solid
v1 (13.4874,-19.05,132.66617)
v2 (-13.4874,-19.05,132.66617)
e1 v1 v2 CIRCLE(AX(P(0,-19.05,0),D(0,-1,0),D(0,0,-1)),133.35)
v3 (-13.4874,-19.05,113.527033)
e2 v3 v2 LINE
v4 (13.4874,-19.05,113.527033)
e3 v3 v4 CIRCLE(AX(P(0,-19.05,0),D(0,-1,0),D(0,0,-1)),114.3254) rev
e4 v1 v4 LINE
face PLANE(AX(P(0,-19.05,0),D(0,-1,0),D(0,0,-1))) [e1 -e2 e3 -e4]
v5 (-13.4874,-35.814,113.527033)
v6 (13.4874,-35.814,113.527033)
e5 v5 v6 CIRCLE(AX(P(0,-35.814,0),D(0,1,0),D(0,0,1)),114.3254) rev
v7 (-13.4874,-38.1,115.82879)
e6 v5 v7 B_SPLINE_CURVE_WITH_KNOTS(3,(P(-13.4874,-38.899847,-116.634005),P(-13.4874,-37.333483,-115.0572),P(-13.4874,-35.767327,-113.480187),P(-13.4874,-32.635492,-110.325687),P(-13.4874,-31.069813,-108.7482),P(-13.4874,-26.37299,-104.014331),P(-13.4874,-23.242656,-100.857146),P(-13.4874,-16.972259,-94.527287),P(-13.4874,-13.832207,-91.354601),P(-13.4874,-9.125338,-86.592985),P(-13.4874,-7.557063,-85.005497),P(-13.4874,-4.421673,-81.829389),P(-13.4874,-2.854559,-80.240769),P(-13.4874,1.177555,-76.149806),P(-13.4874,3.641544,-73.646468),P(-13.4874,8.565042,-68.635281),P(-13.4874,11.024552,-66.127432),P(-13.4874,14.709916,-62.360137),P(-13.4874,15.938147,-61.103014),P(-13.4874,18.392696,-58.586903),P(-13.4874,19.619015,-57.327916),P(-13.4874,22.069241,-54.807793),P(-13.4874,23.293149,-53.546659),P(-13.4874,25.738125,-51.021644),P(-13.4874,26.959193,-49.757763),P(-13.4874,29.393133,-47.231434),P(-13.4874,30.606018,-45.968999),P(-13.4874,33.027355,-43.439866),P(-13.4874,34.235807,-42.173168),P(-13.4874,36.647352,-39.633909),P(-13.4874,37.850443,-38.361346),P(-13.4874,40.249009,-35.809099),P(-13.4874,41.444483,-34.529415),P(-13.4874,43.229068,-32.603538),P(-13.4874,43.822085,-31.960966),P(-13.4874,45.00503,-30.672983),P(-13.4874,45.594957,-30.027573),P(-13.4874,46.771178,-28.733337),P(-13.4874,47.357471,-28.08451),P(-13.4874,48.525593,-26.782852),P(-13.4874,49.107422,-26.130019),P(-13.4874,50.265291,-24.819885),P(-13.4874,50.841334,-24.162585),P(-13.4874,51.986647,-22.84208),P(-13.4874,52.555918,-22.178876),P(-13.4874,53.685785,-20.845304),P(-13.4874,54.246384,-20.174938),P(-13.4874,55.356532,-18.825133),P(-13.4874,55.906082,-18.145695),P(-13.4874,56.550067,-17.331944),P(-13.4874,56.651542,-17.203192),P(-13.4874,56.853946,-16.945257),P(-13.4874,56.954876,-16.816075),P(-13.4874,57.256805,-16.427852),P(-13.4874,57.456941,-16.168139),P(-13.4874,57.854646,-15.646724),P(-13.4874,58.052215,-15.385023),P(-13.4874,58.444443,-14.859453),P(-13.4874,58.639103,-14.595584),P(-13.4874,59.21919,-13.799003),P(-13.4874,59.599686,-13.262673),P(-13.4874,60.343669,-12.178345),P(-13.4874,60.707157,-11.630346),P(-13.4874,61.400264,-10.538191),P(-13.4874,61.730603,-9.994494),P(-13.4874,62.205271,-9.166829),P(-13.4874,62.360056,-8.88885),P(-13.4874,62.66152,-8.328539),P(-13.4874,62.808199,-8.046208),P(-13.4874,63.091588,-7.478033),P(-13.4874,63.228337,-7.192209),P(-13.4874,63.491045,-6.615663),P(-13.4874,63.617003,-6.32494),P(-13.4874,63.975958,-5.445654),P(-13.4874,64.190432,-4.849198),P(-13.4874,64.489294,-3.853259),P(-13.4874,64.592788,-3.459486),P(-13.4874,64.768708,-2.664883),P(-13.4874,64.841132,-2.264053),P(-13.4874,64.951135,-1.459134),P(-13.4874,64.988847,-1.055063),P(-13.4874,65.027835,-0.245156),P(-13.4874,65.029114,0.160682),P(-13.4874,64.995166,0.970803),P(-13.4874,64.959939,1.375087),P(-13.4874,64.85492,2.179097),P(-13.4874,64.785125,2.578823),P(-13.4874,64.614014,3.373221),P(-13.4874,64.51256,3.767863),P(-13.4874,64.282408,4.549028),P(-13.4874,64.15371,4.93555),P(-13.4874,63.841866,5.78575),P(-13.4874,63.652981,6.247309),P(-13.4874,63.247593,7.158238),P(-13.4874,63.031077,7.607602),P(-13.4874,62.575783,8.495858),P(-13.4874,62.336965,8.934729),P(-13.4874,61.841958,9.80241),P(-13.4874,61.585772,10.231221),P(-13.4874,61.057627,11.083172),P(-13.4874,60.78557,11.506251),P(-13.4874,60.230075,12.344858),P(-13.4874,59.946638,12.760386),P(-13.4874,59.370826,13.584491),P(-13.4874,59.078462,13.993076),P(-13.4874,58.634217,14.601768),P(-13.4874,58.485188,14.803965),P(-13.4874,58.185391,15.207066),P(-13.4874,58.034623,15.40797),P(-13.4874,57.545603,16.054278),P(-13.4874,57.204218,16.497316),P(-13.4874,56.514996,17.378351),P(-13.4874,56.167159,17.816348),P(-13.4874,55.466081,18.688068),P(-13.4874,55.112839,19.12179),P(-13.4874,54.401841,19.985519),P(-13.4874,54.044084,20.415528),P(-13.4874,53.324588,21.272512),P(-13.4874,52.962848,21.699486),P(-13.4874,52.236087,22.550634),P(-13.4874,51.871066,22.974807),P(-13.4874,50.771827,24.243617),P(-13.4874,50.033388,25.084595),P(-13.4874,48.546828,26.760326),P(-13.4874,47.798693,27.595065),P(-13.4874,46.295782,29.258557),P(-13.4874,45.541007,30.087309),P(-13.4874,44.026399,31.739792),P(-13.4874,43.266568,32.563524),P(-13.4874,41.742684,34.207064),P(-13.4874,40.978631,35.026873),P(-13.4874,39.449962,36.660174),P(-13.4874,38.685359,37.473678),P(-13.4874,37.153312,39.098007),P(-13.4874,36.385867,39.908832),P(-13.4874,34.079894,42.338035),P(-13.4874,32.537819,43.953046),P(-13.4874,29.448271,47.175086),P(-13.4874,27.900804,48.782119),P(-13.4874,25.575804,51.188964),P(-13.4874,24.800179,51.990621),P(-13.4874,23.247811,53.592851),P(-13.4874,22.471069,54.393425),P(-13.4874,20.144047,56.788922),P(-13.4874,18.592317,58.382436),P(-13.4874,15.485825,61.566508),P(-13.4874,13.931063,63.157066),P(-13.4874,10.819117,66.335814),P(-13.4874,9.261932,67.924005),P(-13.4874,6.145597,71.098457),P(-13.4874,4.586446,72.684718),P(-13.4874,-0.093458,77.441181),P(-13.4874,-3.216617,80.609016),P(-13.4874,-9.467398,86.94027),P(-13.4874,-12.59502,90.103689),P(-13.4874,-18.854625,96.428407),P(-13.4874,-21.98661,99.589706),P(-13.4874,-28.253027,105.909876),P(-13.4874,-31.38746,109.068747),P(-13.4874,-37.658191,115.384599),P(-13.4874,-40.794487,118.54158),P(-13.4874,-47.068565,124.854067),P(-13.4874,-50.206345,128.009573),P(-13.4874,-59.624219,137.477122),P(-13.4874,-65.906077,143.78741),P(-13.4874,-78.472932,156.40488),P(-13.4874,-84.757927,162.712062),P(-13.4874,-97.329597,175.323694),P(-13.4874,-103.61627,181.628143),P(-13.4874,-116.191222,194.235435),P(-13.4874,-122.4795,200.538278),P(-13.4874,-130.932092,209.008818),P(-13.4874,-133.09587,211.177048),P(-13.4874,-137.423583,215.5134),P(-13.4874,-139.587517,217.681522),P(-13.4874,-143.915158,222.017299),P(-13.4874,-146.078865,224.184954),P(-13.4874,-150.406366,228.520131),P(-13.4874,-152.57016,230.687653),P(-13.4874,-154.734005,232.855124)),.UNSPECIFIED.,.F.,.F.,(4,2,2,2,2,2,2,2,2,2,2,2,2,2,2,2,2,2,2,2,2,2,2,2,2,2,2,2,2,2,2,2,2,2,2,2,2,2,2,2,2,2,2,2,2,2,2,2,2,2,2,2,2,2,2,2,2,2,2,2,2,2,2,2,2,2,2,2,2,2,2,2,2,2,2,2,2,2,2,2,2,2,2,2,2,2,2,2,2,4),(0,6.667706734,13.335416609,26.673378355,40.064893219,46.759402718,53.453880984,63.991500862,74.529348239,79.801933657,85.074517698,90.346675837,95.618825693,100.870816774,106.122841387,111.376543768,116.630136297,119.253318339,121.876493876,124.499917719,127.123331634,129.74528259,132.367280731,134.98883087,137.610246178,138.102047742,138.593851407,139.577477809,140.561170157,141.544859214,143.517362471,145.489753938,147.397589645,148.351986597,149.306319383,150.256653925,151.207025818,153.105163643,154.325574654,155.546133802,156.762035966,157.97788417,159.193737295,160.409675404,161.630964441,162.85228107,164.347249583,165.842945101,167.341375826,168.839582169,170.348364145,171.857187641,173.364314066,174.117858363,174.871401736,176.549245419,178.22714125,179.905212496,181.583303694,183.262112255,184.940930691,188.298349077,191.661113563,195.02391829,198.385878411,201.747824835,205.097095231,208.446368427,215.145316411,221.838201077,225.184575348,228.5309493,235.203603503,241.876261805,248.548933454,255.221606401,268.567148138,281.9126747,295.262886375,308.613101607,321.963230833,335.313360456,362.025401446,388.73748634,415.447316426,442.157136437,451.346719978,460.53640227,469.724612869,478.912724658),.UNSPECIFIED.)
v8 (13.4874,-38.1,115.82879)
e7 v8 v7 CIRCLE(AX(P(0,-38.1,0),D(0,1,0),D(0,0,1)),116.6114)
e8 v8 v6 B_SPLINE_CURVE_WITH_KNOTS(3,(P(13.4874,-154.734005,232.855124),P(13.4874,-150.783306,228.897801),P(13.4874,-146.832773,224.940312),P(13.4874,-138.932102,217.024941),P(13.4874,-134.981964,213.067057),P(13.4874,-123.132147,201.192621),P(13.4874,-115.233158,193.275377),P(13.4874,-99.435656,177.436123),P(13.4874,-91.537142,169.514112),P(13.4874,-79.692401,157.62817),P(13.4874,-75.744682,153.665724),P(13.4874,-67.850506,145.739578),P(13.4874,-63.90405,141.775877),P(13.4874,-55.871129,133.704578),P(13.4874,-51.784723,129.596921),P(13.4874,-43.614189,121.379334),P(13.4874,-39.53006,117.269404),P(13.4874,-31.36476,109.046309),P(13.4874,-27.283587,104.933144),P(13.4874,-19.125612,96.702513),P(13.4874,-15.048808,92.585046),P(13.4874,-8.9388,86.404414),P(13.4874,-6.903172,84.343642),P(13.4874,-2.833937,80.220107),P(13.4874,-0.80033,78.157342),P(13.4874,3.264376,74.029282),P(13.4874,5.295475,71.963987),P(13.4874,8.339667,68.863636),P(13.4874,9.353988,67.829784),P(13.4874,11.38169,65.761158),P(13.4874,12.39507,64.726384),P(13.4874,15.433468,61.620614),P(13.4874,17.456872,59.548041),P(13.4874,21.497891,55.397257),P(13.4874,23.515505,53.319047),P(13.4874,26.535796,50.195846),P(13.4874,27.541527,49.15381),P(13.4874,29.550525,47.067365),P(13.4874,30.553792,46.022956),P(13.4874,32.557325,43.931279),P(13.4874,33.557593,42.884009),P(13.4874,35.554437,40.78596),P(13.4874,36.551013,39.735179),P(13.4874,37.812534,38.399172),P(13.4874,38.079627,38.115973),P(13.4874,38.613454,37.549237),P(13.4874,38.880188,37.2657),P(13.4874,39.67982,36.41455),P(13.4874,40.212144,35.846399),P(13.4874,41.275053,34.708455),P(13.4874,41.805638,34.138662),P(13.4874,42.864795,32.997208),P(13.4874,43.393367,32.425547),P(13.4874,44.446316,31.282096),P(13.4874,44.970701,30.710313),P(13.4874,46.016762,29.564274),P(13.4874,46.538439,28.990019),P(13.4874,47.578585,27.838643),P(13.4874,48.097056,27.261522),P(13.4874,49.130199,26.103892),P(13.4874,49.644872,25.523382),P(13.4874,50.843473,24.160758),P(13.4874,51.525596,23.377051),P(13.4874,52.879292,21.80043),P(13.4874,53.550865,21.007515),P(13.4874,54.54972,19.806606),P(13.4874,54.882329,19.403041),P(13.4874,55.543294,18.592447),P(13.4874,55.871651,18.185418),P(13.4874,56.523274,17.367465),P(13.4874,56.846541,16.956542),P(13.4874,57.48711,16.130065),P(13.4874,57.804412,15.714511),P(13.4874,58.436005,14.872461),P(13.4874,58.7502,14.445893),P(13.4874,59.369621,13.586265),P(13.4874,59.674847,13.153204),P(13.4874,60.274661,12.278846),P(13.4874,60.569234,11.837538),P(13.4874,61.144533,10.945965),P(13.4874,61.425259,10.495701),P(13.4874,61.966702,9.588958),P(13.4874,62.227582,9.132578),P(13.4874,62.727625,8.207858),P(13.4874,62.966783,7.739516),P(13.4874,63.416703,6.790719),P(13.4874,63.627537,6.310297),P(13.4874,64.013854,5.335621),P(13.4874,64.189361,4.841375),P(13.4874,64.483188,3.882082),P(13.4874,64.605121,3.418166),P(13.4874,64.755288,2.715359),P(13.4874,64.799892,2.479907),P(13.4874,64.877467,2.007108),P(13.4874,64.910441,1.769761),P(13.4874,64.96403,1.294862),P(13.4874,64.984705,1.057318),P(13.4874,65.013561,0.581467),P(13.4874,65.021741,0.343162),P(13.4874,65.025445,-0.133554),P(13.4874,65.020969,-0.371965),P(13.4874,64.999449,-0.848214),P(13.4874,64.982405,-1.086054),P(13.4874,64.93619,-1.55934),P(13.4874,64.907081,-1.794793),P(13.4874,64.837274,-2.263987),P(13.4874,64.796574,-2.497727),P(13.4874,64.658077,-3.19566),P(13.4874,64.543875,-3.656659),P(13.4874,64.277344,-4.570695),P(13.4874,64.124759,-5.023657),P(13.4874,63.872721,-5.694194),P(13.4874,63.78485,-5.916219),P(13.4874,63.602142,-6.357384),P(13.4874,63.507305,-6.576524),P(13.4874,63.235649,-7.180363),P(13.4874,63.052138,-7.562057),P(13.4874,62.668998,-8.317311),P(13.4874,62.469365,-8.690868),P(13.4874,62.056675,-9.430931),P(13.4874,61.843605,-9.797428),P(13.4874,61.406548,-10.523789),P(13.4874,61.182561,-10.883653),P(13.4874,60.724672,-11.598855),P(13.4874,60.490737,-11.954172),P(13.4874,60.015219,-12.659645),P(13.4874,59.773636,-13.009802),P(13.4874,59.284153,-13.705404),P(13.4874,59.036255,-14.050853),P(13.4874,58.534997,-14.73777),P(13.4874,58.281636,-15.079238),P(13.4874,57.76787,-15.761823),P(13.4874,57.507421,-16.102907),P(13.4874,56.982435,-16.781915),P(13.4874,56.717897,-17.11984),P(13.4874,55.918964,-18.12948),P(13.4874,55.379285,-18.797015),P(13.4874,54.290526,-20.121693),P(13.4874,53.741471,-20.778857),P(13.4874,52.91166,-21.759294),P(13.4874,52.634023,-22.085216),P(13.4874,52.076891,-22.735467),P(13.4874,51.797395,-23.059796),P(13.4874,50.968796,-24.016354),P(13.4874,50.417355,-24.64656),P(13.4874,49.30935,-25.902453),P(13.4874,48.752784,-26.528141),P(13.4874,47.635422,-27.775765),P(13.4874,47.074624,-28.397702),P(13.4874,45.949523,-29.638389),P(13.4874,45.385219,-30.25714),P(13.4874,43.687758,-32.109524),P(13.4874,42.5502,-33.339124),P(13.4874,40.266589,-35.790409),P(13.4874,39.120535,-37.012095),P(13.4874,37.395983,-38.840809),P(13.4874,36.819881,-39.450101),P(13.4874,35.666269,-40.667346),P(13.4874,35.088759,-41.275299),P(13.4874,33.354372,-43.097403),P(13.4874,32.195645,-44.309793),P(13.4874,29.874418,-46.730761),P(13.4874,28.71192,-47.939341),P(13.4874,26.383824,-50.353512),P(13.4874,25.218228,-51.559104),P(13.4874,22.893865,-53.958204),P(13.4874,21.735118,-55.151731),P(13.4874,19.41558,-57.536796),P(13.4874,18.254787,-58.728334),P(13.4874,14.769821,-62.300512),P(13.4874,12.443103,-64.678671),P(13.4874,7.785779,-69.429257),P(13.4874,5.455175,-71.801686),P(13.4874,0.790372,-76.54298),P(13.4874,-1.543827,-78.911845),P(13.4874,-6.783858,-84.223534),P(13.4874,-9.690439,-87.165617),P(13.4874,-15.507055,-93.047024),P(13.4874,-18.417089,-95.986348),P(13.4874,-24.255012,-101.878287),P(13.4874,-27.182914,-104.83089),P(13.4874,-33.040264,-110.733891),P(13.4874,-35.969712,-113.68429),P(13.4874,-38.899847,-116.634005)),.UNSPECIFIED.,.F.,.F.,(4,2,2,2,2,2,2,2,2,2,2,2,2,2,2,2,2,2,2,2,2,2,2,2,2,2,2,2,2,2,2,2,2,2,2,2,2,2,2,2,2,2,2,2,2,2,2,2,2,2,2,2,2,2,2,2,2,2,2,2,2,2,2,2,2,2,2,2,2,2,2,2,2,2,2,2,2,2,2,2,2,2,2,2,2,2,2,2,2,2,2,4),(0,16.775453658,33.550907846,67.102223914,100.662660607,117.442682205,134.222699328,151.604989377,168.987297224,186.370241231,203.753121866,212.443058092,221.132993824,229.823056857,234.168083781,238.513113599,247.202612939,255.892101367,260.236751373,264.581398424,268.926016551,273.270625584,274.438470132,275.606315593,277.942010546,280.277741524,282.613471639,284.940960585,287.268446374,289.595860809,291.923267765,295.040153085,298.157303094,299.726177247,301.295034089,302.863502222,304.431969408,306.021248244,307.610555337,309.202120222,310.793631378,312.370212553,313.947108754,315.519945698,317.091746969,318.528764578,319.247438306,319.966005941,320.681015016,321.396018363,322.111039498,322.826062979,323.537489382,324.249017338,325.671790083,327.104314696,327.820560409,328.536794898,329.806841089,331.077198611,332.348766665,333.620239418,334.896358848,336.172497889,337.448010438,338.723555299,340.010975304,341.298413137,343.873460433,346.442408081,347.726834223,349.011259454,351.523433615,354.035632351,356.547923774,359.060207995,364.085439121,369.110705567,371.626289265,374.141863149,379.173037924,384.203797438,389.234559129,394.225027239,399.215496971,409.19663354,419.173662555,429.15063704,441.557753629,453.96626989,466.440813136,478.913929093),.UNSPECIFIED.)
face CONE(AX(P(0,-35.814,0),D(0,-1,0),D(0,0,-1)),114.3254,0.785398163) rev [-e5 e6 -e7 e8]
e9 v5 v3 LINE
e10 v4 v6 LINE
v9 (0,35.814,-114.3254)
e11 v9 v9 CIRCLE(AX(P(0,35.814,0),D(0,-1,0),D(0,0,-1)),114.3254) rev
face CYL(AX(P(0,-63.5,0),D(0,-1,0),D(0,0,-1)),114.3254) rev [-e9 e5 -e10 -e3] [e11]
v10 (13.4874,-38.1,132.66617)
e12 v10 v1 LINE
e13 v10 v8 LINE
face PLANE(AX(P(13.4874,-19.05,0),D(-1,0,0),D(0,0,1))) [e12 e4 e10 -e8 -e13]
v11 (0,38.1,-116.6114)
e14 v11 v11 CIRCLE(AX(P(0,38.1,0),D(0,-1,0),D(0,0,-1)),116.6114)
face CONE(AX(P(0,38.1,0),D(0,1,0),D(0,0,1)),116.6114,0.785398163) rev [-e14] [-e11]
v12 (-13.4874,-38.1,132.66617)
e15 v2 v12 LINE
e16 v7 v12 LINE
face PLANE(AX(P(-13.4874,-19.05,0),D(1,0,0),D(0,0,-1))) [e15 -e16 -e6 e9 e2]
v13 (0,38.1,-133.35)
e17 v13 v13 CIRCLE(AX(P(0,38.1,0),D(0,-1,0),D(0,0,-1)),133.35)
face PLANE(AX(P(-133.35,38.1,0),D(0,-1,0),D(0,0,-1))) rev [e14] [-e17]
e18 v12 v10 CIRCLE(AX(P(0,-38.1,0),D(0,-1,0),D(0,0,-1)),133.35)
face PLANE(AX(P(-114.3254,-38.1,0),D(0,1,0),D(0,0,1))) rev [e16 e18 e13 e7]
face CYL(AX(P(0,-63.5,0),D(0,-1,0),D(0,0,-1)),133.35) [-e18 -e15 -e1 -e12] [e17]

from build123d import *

# Parameters (mm, degrees)
SKETCH1_W          = 76.2
SKETCH1_H          = 19.0246
CHAMFER1_SIZE      = 2.286
CUT_EXTRUDE2_START = -38.1
SKETCH2_W          = 26.9748
SKETCH2_H          = 266.7
CUT_EXTRUDE2_DEPTH = 19.05


with BuildPart() as part:
    # Sketch1 → Revolve1 (revolve)
    with BuildSketch(Plane(origin=(0, 0, 0), x_dir=(0, 1, 0), z_dir=(0, 0, 1)), mode=Mode.PRIVATE) as revolve1_sk:
        with Locations((0, 123.8377)):
            Rectangle(SKETCH1_W, SKETCH1_H)
    revolve(revolve1_sk.sketch.rotate(Axis((0, -63.5, 0), (0, 1, 0)), 270), axis=Axis((0, -63.5, 0), (0, 1, 0)))

    # Chamfer1
    chamfer1_edges = [part.edges().sort_by_distance(p)[0] for p in [
        (0, -38.1, 114.3254),
        (0, 38.1, 114.3254),
    ]]
    chamfer(chamfer1_edges, length=CHAMFER1_SIZE)

    # Sketch2 → Cut-Extrude2 (cut)
    with BuildSketch(Plane(origin=(0, 0, 0), x_dir=(-1, 0, 0), z_dir=(0, 1, 0)).offset(CUT_EXTRUDE2_START)):
        with Locations((0, 133.35)):
            Rectangle(SKETCH2_W, SKETCH2_H)
    extrude(amount=CUT_EXTRUDE2_DEPTH, mode=Mode.SUBTRACT)


solid = part.part
